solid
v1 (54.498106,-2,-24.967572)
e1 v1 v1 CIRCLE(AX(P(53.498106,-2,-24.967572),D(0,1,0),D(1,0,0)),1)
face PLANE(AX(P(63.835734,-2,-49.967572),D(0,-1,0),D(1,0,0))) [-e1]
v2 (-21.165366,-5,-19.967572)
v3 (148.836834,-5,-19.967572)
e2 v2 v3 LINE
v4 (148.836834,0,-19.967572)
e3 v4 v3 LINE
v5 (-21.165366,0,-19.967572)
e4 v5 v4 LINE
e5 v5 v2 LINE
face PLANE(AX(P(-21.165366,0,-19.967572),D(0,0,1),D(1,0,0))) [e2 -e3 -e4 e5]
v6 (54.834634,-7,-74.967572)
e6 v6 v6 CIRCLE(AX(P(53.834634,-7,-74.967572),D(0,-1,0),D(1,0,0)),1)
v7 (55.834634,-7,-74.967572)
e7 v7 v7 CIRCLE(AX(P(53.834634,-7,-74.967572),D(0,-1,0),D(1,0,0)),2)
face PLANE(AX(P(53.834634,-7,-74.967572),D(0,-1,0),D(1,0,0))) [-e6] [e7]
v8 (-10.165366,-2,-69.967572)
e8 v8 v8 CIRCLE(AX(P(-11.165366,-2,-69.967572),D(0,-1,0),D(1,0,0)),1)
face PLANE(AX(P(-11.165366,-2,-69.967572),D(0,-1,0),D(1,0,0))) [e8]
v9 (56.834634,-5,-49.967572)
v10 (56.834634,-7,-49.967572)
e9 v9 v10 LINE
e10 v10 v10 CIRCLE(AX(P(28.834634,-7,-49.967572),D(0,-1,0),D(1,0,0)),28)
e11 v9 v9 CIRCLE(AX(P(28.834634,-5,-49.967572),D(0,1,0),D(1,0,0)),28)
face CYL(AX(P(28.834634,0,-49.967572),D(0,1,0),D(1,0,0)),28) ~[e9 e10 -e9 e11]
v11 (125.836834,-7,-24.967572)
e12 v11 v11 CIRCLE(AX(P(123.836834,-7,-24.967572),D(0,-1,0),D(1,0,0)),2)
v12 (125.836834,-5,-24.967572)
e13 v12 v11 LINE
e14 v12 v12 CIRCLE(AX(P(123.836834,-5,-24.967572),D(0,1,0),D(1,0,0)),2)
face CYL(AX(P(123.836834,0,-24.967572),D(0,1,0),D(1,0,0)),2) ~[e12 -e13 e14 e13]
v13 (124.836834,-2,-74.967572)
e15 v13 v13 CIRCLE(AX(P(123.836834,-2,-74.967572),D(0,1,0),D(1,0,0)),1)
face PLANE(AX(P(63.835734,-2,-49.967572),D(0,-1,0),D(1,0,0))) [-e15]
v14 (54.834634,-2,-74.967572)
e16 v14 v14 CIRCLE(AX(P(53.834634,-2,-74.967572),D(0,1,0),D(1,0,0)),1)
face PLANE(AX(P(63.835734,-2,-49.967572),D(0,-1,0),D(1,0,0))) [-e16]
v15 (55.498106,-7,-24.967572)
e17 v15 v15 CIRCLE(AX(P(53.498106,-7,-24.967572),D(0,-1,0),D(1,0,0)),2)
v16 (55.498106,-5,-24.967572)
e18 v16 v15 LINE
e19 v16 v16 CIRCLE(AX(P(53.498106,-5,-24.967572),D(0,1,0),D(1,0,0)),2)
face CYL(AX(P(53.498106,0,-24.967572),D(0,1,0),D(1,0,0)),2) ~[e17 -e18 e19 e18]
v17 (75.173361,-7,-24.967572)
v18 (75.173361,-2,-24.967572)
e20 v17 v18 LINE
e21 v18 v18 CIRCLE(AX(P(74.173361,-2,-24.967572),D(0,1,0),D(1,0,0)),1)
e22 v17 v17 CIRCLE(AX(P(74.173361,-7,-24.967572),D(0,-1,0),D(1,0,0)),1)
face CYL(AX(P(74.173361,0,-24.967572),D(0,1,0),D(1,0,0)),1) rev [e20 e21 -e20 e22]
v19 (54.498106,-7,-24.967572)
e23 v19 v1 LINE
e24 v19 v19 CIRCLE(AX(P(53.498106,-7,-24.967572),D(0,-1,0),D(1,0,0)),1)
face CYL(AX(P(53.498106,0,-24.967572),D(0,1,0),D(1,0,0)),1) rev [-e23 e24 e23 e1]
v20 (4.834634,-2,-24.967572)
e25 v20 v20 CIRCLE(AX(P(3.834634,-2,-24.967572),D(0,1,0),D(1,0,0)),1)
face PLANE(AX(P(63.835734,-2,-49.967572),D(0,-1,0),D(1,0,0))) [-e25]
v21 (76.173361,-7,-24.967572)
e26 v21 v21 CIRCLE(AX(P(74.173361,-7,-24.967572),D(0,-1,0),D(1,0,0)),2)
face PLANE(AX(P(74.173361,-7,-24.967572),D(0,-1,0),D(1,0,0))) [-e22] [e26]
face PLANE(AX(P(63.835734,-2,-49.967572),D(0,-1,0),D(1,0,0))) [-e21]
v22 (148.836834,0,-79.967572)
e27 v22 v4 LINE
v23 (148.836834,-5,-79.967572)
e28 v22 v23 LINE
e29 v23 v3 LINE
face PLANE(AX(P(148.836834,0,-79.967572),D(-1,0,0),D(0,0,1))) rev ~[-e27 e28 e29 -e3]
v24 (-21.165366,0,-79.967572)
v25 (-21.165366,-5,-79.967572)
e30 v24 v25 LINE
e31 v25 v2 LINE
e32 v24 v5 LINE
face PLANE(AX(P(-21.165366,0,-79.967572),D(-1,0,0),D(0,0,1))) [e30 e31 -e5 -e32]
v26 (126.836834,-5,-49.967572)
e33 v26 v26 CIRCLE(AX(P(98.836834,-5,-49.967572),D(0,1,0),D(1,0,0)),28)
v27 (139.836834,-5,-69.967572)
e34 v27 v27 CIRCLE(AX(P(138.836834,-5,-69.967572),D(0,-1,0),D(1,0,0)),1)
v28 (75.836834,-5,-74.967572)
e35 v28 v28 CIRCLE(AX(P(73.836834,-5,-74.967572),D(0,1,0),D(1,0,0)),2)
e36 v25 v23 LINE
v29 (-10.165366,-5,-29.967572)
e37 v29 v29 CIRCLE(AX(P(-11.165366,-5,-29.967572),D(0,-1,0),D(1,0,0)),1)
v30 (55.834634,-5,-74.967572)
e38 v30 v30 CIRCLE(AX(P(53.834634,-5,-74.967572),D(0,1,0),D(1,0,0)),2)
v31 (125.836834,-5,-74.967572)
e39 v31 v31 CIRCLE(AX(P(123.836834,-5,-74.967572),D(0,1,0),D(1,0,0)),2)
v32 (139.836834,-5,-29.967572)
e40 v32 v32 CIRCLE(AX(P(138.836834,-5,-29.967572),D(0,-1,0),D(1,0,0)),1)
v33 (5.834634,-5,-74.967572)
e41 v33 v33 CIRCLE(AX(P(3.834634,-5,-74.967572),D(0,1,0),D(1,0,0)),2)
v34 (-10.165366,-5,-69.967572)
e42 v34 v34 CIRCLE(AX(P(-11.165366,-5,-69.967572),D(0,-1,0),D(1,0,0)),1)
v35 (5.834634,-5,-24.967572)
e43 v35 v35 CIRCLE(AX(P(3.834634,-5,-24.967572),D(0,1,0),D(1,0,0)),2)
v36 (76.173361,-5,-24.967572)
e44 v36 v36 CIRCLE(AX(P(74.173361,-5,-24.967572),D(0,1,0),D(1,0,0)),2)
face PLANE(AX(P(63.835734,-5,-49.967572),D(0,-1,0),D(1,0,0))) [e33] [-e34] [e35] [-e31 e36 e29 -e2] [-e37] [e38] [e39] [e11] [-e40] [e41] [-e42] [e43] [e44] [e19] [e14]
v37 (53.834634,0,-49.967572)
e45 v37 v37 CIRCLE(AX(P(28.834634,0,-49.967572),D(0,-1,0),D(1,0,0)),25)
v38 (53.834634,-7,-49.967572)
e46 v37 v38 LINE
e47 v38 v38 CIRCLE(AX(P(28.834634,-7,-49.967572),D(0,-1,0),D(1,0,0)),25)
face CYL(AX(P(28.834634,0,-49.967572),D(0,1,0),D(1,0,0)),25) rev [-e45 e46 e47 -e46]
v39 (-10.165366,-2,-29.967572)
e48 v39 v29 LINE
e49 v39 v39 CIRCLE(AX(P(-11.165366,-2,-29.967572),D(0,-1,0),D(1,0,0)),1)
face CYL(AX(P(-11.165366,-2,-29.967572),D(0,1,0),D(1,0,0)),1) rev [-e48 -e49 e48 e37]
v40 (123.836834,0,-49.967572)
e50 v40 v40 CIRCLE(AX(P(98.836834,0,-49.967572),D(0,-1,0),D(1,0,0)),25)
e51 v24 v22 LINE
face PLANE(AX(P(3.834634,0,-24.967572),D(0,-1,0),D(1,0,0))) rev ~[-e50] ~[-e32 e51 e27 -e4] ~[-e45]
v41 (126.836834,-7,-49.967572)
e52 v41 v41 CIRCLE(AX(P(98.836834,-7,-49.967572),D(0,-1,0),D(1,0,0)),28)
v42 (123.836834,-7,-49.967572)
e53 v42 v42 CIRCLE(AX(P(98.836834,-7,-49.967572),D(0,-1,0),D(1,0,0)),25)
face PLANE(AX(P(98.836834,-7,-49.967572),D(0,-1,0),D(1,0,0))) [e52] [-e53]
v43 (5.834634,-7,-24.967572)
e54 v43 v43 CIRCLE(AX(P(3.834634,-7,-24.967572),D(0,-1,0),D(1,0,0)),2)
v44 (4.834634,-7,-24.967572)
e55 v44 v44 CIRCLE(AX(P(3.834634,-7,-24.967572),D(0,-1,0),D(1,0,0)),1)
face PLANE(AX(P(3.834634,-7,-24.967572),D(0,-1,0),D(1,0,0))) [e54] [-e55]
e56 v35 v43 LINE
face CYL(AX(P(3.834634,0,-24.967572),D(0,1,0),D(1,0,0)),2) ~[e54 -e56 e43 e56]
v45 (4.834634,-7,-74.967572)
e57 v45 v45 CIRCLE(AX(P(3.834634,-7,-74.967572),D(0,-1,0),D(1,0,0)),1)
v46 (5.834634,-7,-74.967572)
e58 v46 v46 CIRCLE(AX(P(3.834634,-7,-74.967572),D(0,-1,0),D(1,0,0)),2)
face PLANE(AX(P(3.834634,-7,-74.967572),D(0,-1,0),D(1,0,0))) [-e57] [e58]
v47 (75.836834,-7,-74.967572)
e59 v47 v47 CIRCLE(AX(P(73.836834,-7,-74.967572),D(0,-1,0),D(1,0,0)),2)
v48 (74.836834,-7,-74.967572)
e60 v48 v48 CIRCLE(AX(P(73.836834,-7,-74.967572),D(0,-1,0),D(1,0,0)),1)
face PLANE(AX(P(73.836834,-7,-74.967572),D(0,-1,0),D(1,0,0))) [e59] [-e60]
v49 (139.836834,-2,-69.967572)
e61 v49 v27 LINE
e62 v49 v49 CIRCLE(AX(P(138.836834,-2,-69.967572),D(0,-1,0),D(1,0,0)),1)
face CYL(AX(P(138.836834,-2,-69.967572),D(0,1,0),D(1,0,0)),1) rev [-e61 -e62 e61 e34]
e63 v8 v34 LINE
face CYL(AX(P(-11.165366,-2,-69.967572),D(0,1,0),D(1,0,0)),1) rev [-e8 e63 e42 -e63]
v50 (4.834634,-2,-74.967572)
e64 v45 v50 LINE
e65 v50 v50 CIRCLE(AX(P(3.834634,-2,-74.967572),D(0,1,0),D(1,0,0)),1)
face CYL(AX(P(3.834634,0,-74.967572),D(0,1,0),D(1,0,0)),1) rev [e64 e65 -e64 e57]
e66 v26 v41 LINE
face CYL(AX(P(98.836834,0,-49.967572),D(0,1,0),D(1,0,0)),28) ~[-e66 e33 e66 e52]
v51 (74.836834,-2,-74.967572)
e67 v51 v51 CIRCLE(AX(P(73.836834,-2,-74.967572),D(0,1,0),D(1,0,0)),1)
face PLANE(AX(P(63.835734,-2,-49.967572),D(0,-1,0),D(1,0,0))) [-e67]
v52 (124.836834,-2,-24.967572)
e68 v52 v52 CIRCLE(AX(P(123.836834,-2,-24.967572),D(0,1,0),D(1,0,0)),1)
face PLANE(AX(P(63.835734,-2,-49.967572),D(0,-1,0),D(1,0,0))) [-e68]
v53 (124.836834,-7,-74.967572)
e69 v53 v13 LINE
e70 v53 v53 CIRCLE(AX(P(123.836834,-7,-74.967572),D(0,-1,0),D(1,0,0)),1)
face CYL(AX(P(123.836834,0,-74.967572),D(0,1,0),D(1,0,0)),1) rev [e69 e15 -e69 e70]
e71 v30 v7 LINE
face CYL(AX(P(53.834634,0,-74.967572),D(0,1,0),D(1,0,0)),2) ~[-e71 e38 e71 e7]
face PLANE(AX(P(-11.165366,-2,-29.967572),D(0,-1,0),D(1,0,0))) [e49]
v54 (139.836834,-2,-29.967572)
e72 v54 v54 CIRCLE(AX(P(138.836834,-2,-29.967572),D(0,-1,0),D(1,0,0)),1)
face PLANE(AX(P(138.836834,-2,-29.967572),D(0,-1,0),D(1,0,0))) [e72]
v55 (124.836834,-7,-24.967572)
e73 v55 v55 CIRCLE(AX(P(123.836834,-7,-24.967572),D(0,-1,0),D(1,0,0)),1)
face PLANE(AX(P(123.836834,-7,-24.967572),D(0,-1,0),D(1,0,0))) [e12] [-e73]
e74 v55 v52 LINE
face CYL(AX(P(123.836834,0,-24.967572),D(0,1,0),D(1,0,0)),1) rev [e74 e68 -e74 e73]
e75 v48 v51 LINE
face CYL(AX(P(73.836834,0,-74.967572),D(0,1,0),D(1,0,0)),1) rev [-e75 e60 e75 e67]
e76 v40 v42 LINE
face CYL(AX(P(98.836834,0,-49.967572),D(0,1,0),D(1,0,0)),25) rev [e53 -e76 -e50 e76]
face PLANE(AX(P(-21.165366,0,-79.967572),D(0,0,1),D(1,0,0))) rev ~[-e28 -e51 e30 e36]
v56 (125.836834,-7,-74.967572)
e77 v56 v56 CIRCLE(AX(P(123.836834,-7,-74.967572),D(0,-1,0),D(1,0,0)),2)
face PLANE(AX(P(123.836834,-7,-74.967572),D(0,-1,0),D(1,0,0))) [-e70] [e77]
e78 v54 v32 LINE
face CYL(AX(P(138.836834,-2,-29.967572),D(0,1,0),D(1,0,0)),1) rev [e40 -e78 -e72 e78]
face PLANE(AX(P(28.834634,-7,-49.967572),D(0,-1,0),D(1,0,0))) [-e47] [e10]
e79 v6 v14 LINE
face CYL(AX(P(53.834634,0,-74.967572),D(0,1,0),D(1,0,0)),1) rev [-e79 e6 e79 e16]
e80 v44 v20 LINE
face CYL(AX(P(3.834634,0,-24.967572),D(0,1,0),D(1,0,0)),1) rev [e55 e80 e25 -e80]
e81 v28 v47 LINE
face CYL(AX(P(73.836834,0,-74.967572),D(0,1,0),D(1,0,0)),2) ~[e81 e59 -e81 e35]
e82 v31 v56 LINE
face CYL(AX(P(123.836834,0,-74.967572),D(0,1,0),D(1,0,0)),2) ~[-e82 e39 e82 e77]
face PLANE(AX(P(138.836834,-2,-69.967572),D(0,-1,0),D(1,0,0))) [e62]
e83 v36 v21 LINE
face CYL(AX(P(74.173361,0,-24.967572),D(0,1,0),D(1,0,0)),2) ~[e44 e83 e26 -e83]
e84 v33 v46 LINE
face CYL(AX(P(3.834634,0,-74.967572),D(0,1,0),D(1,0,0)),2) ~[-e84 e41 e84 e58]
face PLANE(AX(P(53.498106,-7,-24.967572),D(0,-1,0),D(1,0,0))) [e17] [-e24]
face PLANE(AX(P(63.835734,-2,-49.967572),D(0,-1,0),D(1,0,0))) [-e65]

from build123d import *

# Parameters (mm, degrees)
F0_W     = 170.0022
F0_H     = 60
F0_R     = 2
F0_R_2   = 1
F0_R_3   = 28
F0_R_4   = 25
F1_DEPTH = 5
F2_DEPTH = 7
F3_DEPTH = 3
F4_DEPTH = 7
F5_START = 2
F5_DEPTH = 3


with BuildPart() as f1:
    # F0 (on Front) → F1 (new body)
    with BuildSketch(Plane.XZ):
        with Locations((63.8357337121, -49.967572093)):
            Rectangle(F0_W, F0_H)
        with Locations((3.8346337121, -74.967572093)):
            Circle(F0_R, mode=Mode.SUBTRACT)
        with Locations((-11.1653662879, -69.967572093)):
            Circle(F0_R_2, mode=Mode.SUBTRACT)
        with Locations((53.8346337121, -74.967572093)):
            Circle(F0_R, mode=Mode.SUBTRACT)
        with Locations((73.8368337121, -74.967572093)):
            Circle(F0_R, mode=Mode.SUBTRACT)
        with Locations((123.8368337121, -74.967572093)):
            Circle(F0_R, mode=Mode.SUBTRACT)
        with Locations((138.8368337121, -69.967572093)):
            Circle(F0_R_2, mode=Mode.SUBTRACT)
        with Locations((98.8368337121, -49.967572093)):
            Circle(F0_R_3, mode=Mode.SUBTRACT)
        with Locations((28.8346337121, -49.967572093)):
            Circle(F0_R_3, mode=Mode.SUBTRACT)
        with Locations((-11.1653662879, -29.967572093)):
            Circle(F0_R_2, mode=Mode.SUBTRACT)
        with Locations((3.8346337121, -24.967572093)):
            Circle(F0_R, mode=Mode.SUBTRACT)
        with Locations((53.4981064092, -24.967572093)):
            Circle(F0_R, mode=Mode.SUBTRACT)
        with Locations((74.1733610149, -24.967572093)):
            Circle(F0_R, mode=Mode.SUBTRACT)
        with Locations((138.8368337121, -29.967572093)):
            Circle(F0_R_2, mode=Mode.SUBTRACT)
        with Locations((123.8368337121, -24.967572093)):
            Circle(F0_R, mode=Mode.SUBTRACT)
        with Locations((28.8346337121, -49.967572093)):
            Circle(F0_R_3)
        with Locations((28.8346337121, -49.967572093)):
            Circle(F0_R_4, mode=Mode.SUBTRACT)
        with Locations((98.8368337121, -49.967572093)):
            Circle(F0_R_3)
        with Locations((98.8368337121, -49.967572093)):
            Circle(F0_R_4, mode=Mode.SUBTRACT)
        with Locations((3.8346337121, -74.967572093)):
            Circle(F0_R)
        with Locations((3.8346337121, -74.967572093)):
            Circle(F0_R_2, mode=Mode.SUBTRACT)
        with Locations((53.8346337121, -74.967572093)):
            Circle(F0_R)
        with Locations((53.8346337121, -74.967572093)):
            Circle(F0_R_2, mode=Mode.SUBTRACT)
        with Locations((73.8368337121, -74.967572093)):
            Circle(F0_R)
        with Locations((73.8368337121, -74.967572093)):
            Circle(F0_R_2, mode=Mode.SUBTRACT)
        with Locations((123.8368337121, -74.967572093)):
            Circle(F0_R)
        with Locations((123.8368337121, -74.967572093)):
            Circle(F0_R_2, mode=Mode.SUBTRACT)
        with Locations((123.8368337121, -24.967572093)):
            Circle(F0_R)
        with Locations((123.8368337121, -24.967572093)):
            Circle(F0_R_2, mode=Mode.SUBTRACT)
        with Locations((74.1733610149, -24.967572093)):
            Circle(F0_R)
        with Locations((74.1733610149, -24.967572093)):
            Circle(F0_R_2, mode=Mode.SUBTRACT)
        with Locations((53.4981064092, -24.967572093)):
            Circle(F0_R)
        with Locations((53.4981064092, -24.967572093)):
            Circle(F0_R_2, mode=Mode.SUBTRACT)
        with Locations((3.8346337121, -24.967572093)):
            Circle(F0_R)
        with Locations((3.8346337121, -24.967572093)):
            Circle(F0_R_2, mode=Mode.SUBTRACT)
        with Locations((-11.1653662879, -69.967572093)):
            Circle(F0_R_2)
        with Locations((3.8346337121, -74.967572093)):
            Circle(F0_R_2)
        with Locations((53.8346337121, -74.967572093)):
            Circle(F0_R_2)
        with Locations((73.8368337121, -74.967572093)):
            Circle(F0_R_2)
        with Locations((123.8368337121, -74.967572093)):
            Circle(F0_R_2)
        with Locations((138.8368337121, -69.967572093)):
            Circle(F0_R_2)
        with Locations((138.8368337121, -29.967572093)):
            Circle(F0_R_2)
        with Locations((123.8368337121, -24.967572093)):
            Circle(F0_R_2)
        with Locations((74.1733610149, -24.967572093)):
            Circle(F0_R_2)
        with Locations((53.4981064092, -24.967572093)):
            Circle(F0_R_2)
        with Locations((3.8346337121, -24.967572093)):
            Circle(F0_R_2)
        with Locations((-11.1653662879, -29.967572093)):
            Circle(F0_R_2)
    extrude(amount=F1_DEPTH)

    # F0 (on Front) → F2 (join)
    with BuildSketch(Plane.XZ):
        with Locations((3.8346337121, -24.967572093)):
            Circle(F0_R)
        with Locations((3.8346337121, -24.967572093)):
            Circle(F0_R_2, mode=Mode.SUBTRACT)
        with Locations((53.4981064092, -24.967572093)):
            Circle(F0_R)
        with Locations((53.4981064092, -24.967572093)):
            Circle(F0_R_2, mode=Mode.SUBTRACT)
        with Locations((74.1733610149, -24.967572093)):
            Circle(F0_R)
        with Locations((74.1733610149, -24.967572093)):
            Circle(F0_R_2, mode=Mode.SUBTRACT)
        with Locations((123.8368337121, -24.967572093)):
            Circle(F0_R)
        with Locations((123.8368337121, -24.967572093)):
            Circle(F0_R_2, mode=Mode.SUBTRACT)
        with Locations((123.8368337121, -74.967572093)):
            Circle(F0_R)
        with Locations((123.8368337121, -74.967572093)):
            Circle(F0_R_2, mode=Mode.SUBTRACT)
        with Locations((73.8368337121, -74.967572093)):
            Circle(F0_R)
        with Locations((73.8368337121, -74.967572093)):
            Circle(F0_R_2, mode=Mode.SUBTRACT)
        with Locations((53.8346337121, -74.967572093)):
            Circle(F0_R)
        with Locations((53.8346337121, -74.967572093)):
            Circle(F0_R_2, mode=Mode.SUBTRACT)
        with Locations((3.8346337121, -74.967572093)):
            Circle(F0_R)
        with Locations((3.8346337121, -74.967572093)):
            Circle(F0_R_2, mode=Mode.SUBTRACT)
    extrude(amount=F2_DEPTH)

    # F3 (cut): faces of the model
    f3_faces = [f1.faces().sort_by_distance(p)[0] for p in [
        (53.8346337121, -5, -74.967572093),
        (73.8368337121, -5, -74.967572093),
        (3.8346337121, -5, -74.967572093),
        (3.8346337121, -5, -24.967572093),
        (53.4981064092, -5, -24.967572093),
        (74.1733610149, -5, -24.967572093),
        (123.8368337121, -5, -24.967572093),
        (123.8368337121, -5, -74.967572093),
    ]]
    extrude(f3_faces, amount=-F3_DEPTH, mode=Mode.SUBTRACT)

    # F0 (on Front) → F4 (join)
    with BuildSketch(Plane.XZ):
        with Locations((98.8368337121, -49.967572093)):
            Circle(F0_R_3)
        with Locations((98.8368337121, -49.967572093)):
            Circle(F0_R_4, mode=Mode.SUBTRACT)
        with Locations((28.8346337121, -49.967572093)):
            Circle(F0_R_3)
        with Locations((28.8346337121, -49.967572093)):
            Circle(F0_R_4, mode=Mode.SUBTRACT)
    extrude(amount=F4_DEPTH)

    # F0 (on Front) → F5 (cut)
    with BuildSketch(Plane.XZ.offset(F5_START)):
        with Locations((-11.1653662879, -29.967572093)):
            Circle(F0_R_2)
        with Locations((138.8368337121, -29.967572093)):
            Circle(F0_R_2)
        with Locations((138.8368337121, -69.967572093)):
            Circle(F0_R_2)
        with Locations((-11.1653662879, -69.967572093)):
            Circle(F0_R_2)
    extrude(amount=F5_DEPTH, mode=Mode.SUBTRACT)


solid = f1.part
